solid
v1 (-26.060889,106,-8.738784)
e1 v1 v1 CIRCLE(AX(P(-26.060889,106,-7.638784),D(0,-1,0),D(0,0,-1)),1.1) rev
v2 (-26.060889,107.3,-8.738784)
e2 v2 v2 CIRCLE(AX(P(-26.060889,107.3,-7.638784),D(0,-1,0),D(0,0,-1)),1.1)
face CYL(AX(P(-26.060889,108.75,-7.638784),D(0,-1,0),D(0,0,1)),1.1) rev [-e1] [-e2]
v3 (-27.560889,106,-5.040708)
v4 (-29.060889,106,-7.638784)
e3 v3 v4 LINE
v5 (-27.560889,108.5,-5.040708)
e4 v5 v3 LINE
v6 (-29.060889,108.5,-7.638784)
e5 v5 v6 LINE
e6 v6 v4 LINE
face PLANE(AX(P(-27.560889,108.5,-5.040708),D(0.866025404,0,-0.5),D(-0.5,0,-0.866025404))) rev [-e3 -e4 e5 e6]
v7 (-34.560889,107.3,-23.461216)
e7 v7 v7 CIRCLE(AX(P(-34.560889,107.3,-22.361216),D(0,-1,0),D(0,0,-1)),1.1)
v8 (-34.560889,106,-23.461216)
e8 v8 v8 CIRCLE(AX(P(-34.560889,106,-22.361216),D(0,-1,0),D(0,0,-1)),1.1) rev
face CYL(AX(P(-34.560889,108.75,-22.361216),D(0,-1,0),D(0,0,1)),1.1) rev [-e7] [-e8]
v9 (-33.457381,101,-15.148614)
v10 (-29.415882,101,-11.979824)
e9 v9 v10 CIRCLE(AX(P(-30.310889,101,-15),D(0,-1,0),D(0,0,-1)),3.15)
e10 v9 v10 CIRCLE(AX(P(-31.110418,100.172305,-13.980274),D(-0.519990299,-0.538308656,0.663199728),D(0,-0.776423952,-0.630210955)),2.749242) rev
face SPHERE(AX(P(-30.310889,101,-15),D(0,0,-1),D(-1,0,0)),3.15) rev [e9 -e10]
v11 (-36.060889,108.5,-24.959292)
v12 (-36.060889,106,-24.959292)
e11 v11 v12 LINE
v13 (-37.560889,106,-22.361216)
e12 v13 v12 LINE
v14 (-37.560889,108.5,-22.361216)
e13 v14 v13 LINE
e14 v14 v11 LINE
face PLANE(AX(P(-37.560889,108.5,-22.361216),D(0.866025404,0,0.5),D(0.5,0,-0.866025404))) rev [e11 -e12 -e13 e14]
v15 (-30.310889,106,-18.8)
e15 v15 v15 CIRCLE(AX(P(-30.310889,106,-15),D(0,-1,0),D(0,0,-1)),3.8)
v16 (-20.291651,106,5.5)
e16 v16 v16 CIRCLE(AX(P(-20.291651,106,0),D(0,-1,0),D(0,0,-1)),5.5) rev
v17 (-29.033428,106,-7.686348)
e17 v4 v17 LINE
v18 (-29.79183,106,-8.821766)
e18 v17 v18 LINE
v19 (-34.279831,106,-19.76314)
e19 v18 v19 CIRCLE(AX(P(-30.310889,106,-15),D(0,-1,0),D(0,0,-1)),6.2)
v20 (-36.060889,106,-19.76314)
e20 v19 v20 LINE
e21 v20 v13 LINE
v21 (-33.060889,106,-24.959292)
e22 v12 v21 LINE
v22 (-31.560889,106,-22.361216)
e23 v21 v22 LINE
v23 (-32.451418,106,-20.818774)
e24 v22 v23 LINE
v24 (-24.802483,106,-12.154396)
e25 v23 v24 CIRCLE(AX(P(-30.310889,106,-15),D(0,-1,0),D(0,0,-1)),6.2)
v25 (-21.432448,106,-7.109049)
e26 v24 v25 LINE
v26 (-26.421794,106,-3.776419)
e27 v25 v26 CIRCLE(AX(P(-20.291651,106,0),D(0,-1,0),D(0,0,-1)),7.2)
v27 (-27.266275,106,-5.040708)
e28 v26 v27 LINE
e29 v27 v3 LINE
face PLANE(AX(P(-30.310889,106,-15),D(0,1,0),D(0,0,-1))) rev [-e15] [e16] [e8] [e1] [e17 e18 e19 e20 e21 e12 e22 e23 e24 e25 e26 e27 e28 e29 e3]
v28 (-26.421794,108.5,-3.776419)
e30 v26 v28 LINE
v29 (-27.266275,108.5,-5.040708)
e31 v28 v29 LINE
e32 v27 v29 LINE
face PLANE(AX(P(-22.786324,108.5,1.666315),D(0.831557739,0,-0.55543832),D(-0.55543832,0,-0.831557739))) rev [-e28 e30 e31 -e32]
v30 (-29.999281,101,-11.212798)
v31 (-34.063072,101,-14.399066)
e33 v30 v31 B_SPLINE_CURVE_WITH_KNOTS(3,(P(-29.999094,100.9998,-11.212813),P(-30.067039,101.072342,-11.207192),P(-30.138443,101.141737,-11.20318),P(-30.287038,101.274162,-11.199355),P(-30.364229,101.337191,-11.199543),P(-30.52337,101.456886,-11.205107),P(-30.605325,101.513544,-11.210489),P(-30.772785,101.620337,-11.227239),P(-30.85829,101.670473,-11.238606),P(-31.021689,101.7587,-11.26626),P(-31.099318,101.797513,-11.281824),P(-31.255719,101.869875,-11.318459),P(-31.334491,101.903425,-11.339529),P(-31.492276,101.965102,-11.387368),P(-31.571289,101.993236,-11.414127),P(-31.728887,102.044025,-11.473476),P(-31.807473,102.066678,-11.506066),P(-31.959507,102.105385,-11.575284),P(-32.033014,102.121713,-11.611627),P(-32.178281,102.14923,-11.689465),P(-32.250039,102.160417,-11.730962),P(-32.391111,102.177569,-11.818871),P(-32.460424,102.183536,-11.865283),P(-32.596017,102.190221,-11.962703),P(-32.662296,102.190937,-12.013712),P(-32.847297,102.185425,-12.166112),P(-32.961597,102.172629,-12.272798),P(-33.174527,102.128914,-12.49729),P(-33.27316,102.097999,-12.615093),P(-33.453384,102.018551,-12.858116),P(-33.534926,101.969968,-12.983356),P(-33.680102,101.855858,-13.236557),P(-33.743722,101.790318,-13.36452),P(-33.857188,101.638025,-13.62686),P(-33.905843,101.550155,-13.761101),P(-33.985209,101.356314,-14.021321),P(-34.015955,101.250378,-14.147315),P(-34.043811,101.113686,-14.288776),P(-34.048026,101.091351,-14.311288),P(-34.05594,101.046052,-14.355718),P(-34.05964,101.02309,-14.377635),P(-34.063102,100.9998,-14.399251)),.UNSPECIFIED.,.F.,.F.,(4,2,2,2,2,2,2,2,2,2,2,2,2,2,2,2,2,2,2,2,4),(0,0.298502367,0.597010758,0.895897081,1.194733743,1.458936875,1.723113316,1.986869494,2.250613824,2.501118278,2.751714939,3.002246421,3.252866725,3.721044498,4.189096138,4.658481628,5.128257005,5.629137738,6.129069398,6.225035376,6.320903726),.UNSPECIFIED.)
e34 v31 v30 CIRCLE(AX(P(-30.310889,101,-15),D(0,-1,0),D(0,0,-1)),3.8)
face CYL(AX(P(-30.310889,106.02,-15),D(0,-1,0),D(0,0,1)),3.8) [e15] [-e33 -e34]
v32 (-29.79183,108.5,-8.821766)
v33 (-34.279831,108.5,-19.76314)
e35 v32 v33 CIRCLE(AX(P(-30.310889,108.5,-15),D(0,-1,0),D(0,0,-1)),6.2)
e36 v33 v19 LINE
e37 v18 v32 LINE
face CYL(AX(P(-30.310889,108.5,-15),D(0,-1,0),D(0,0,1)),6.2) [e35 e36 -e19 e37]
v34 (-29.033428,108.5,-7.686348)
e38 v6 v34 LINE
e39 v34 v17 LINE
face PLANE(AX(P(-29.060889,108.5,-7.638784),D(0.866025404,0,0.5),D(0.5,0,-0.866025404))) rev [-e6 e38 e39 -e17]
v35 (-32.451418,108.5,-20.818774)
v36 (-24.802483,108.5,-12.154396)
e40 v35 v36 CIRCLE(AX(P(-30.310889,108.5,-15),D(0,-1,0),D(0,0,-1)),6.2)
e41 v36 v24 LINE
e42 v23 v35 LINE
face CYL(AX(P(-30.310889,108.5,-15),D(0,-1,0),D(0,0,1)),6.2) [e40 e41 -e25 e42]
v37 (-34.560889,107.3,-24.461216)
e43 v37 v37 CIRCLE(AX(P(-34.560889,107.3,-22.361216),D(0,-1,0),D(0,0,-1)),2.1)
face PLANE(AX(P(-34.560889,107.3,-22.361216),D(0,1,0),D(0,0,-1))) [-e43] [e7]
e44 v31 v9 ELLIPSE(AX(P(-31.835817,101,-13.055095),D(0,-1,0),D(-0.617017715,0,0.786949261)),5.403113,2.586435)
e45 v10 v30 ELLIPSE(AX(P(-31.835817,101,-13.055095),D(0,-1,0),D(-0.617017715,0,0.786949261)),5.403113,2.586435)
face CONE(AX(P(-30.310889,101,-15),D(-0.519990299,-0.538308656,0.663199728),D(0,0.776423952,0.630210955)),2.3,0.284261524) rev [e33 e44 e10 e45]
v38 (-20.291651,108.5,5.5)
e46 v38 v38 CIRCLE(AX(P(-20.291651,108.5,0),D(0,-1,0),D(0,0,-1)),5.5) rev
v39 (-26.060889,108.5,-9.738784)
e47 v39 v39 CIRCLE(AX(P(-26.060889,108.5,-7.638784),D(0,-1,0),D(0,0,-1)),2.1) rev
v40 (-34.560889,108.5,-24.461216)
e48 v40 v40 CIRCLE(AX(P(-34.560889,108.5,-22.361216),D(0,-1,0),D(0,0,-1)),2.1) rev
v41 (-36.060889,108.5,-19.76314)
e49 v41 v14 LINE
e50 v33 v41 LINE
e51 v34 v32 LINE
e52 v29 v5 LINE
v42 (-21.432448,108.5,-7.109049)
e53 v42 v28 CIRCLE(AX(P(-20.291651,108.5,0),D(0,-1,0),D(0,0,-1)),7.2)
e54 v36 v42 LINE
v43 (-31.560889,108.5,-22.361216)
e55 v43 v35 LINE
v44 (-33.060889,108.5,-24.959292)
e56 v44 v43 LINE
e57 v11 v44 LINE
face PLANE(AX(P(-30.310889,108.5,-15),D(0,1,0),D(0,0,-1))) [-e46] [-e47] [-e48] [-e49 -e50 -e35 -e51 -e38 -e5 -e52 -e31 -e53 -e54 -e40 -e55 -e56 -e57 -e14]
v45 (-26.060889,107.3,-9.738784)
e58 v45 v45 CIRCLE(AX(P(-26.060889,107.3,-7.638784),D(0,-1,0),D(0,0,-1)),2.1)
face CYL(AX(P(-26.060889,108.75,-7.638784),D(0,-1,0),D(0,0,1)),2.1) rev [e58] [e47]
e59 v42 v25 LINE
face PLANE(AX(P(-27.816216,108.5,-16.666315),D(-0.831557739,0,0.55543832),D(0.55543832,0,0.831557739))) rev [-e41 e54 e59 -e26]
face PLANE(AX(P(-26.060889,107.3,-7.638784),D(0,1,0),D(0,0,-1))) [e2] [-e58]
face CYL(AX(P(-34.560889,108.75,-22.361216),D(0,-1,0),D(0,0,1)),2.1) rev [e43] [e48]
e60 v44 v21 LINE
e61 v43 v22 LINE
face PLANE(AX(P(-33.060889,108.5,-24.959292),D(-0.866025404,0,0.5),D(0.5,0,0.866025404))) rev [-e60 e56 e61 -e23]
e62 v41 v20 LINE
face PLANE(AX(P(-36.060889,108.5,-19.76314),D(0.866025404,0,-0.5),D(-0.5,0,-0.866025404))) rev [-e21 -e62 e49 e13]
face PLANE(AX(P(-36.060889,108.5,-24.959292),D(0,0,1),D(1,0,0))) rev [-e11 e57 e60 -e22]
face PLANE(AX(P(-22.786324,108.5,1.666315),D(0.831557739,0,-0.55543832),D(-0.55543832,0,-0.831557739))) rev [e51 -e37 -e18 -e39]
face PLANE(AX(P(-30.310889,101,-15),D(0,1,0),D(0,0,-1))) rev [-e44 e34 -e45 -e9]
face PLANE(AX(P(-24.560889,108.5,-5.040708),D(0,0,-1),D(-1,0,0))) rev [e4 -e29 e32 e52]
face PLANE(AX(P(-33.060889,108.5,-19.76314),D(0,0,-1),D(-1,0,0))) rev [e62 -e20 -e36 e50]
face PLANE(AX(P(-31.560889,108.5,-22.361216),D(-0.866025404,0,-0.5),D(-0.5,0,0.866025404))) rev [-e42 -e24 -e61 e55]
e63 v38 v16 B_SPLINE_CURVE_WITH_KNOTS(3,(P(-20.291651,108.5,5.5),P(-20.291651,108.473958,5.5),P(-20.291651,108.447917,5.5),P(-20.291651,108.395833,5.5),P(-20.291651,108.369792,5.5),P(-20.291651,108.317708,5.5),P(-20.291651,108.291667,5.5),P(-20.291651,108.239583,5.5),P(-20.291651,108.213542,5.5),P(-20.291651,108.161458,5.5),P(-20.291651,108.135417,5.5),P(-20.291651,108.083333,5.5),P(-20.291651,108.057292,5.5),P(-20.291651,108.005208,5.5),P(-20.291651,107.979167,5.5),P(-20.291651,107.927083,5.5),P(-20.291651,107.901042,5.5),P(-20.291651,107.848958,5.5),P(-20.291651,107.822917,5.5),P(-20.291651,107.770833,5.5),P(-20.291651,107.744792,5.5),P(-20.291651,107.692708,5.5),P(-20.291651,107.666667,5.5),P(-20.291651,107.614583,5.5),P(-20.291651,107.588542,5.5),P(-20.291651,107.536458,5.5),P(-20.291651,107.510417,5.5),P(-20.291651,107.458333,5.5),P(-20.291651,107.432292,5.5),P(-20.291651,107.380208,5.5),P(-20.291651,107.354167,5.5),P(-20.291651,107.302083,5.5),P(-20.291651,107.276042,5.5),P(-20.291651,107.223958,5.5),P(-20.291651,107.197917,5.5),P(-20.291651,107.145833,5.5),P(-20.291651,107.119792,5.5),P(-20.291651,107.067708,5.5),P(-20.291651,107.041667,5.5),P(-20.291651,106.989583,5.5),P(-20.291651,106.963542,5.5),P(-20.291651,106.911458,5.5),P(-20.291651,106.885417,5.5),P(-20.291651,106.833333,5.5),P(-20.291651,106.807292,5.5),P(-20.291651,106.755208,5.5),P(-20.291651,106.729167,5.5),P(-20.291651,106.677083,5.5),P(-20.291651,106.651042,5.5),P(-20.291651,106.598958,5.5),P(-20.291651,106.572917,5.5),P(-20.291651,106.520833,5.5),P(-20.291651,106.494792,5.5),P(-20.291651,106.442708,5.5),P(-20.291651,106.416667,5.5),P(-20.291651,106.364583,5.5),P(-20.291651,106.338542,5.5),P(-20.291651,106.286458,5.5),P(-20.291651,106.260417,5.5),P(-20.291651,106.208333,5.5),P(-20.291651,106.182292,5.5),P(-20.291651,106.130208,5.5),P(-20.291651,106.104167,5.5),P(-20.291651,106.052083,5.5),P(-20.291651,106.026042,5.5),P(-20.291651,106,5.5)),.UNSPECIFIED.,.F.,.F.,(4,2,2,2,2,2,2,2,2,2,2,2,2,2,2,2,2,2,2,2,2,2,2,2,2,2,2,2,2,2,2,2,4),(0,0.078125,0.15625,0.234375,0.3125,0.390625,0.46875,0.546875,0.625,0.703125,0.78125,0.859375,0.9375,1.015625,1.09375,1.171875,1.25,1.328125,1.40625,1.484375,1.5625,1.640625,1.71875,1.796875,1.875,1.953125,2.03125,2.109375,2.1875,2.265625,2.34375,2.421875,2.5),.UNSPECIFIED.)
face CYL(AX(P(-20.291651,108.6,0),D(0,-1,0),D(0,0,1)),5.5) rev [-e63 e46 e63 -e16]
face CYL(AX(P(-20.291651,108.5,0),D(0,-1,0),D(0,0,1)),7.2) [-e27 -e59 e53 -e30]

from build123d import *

# Parameters (mm, degrees)
RETAINER_FEATURE_1_PROFILE_R  = 3.8
RETAINER_FEATURE_1_DEPTH      = 5.02
RETAINER_FEATURE_2_PROFILE_R  = 6.2
RETAINER_FEATURE_2_DEPTH      = 2.5
RETAINER_FEATURE_5_DEPTH      = 2.5
RETAINER_FEATURE_8_DEPTH      = 2.5
RETAINER_FEATURE_12_DEPTH     = 2.5
RETAINER_FEATURE_13_PROFILE_R = 7.2
RETAINER_FEATURE_13_DEPTH     = 2.5
RETAINER_FEATURE_14_PROFILE_R = 5.5
RETAINER_FEATURE_14_DEPTH     = 2.7
RETAINER_FEATURE_15_PROFILE_R = 1.1
RETAINER_FEATURE_15_DEPTH     = 3.75
RETAINER_FEATURE_16_PROFILE_R = 2.1
RETAINER_FEATURE_16_DEPTH     = 1.45
RETAINER_FEATURE_17_PROFILE_R = 1.1
RETAINER_FEATURE_17_DEPTH     = 3.75
RETAINER_FEATURE_18_PROFILE_R = 2.1
RETAINER_FEATURE_18_DEPTH     = 1.45


with BuildPart() as part:
    # Retainer Feature 1 profile → Retainer Feature 1 (new body)
    with BuildSketch(Plane(origin=(0, -101, 0), x_dir=(-1, 0, 0), z_dir=(0, -1, 0))):
        with Locations(Location((30.310889132, 15, 0), (0, 0, 90))):
            Circle(RETAINER_FEATURE_1_PROFILE_R)
    extrude(amount=RETAINER_FEATURE_1_DEPTH)

    # Retainer Feature 2 profile → Retainer Feature 2 (add)
    with BuildSketch(Plane(origin=(0, -106, 0), x_dir=(-1, 0, 0), z_dir=(0, -1, 0))):
        with Locations(Location((30.310889132, 15, 0), (0, 0, 90))):
            Circle(RETAINER_FEATURE_2_PROFILE_R)
    extrude(amount=RETAINER_FEATURE_2_DEPTH)

    # Middle Right Floating Compression Ball R → Retainer Feature 5 (add)
    with BuildSketch(Plane(origin=(0, -106, 0), x_dir=(-1, 0, 0), z_dir=(0, -1, 0))):
        Polygon((31.560889132, 22.361215932), (33.060889132, 19.763139721), (36.060889132, 19.763139721), (37.560889132, 22.361215932), (36.060889132, 24.959292144), (33.060889132, 24.959292144), align=None)
    extrude(amount=RETAINER_FEATURE_5_DEPTH)

    # Middle Right Floating Compression Ba 2 → Retainer Feature 8 (add)
    with BuildSketch(Plane(origin=(0, -106, 0), x_dir=(-1, 0, 0), z_dir=(0, -1, 0))):
        Polygon((23.060889132, 7.638784068), (24.560889132, 5.040707856), (27.560889132, 5.040707856), (29.060889132, 7.638784068), (27.560889132, 10.236860279), (24.560889132, 10.236860279), align=None)
    extrude(amount=RETAINER_FEATURE_8_DEPTH)

    # Retainer Feature 9 profile → Retainer Feature 9 (revolve, cut)
    with BuildSketch(Plane(origin=(0, -101, 0), x_dir=(-1, 0, 0), z_dir=(0, -1, 0))):
        with BuildLine():
            Line((30.310889132, 11.85), (30.310889132, 18.15))
            ThreePointArc((30.310889132, 18.15), (27.160889132, 15), (30.310889132, 11.85))
        make_face()
    revolve(axis=Axis((-30.310889132, -101, -25), (0, 0, 1)), mode=Mode.SUBTRACT)

    # Middle Right Floating Compression Ba 3 → Retainer Feature 12 (add)
    with BuildSketch(Plane(origin=(0, -106, 0), x_dir=(-1, 0, 0), z_dir=(0, -1, 0))):
        Polygon((27.816215917, 16.66631496), (17.79697803, 1.66631496), (22.786324462, -1.66631496), (32.805562348, 13.33368504), align=None)
    extrude(amount=RETAINER_FEATURE_12_DEPTH)

    # Retainer Feature 13 profile → Retainer Feature 13 (add)
    with BuildSketch(Plane(origin=(0, -106, 0), x_dir=(-1, 0, 0), z_dir=(0, -1, 0))):
        with Locations((20.291651246, 0)):
            Circle(RETAINER_FEATURE_13_PROFILE_R)
    extrude(amount=RETAINER_FEATURE_13_DEPTH)

    # Retainer Feature 14 profile → Retainer Feature 14 (cut)
    with BuildSketch(Plane(origin=(0, -105.9, 0), x_dir=(-1, 0, 0), z_dir=(0, -1, 0))):
        with Locations(Location((20.291651246, 0, 0), (0, 0, 270))):
            Circle(RETAINER_FEATURE_14_PROFILE_R)
    extrude(amount=RETAINER_FEATURE_14_DEPTH, mode=Mode.SUBTRACT)

    # Retainer Feature 15 profile → Retainer Feature 15 (cut)
    with BuildSketch(Plane(origin=(0, -105, 0), x_dir=(-1, 0, 0), z_dir=(0, -1, 0))):
        with Locations(Location((34.560889132, 22.361215932, 0), (0, 0, 90))):
            Circle(RETAINER_FEATURE_15_PROFILE_R)
    extrude(amount=RETAINER_FEATURE_15_DEPTH, mode=Mode.SUBTRACT)

    # Retainer Feature 16 profile → Retainer Feature 16 (cut)
    with BuildSketch(Plane(origin=(0, -107.3, 0), x_dir=(-1, 0, 0), z_dir=(0, -1, 0))):
        with Locations(Location((34.560889132, 22.361215932, 0), (0, 0, 90))):
            Circle(RETAINER_FEATURE_16_PROFILE_R)
    extrude(amount=RETAINER_FEATURE_16_DEPTH, mode=Mode.SUBTRACT)

    # Retainer Feature 17 profile → Retainer Feature 17 (cut)
    with BuildSketch(Plane(origin=(0, -105, 0), x_dir=(-1, 0, 0), z_dir=(0, -1, 0))):
        with Locations(Location((26.060889132, 7.638784068, 0), (0, 0, 90))):
            Circle(RETAINER_FEATURE_17_PROFILE_R)
    extrude(amount=RETAINER_FEATURE_17_DEPTH, mode=Mode.SUBTRACT)

    # Retainer Feature 18 profile → Retainer Feature 18 (cut)
    with BuildSketch(Plane(origin=(0, -107.3, 0), x_dir=(-1, 0, 0), z_dir=(0, -1, 0))):
        with Locations(Location((26.060889132, 7.638784068, 0), (0, 0, 90))):
            Circle(RETAINER_FEATURE_18_PROFILE_R)
    extrude(amount=RETAINER_FEATURE_18_DEPTH, mode=Mode.SUBTRACT)

    # Articulation Throat Sketch → Articulation Throat (revolve, cut)
    with BuildSketch(Plane(origin=(-55.559435073, -21.315405316, -26.260716517), x_dir=(0.37694407644157146, 0.1446147852349051, -0.9148768917876727), z_dir=(0.8541721659092646, 0.32770358269776195, 0.4037329227012915))):
        Polygon((-12.308450042, -83.441173866), (-10.724100051, -81.773890115), (-22.767880189, -61.059022025), (-28.981287547, -67.597673951), align=None)
    revolve(axis=Axis((-25.110986143, -106.383086561, -21.631997284), (-0.5199902989343897, 0.5383086561091633, 0.6631997284167648)), mode=Mode.SUBTRACT)


with BuildPart() as body_2:
    # Mirror1: mirrored copy
    add(part.part.mirror(Plane(origin=(0, 0, 0), x_dir=(0, 0, 1), z_dir=(0, -1, 0))))


solid = body_2.part
